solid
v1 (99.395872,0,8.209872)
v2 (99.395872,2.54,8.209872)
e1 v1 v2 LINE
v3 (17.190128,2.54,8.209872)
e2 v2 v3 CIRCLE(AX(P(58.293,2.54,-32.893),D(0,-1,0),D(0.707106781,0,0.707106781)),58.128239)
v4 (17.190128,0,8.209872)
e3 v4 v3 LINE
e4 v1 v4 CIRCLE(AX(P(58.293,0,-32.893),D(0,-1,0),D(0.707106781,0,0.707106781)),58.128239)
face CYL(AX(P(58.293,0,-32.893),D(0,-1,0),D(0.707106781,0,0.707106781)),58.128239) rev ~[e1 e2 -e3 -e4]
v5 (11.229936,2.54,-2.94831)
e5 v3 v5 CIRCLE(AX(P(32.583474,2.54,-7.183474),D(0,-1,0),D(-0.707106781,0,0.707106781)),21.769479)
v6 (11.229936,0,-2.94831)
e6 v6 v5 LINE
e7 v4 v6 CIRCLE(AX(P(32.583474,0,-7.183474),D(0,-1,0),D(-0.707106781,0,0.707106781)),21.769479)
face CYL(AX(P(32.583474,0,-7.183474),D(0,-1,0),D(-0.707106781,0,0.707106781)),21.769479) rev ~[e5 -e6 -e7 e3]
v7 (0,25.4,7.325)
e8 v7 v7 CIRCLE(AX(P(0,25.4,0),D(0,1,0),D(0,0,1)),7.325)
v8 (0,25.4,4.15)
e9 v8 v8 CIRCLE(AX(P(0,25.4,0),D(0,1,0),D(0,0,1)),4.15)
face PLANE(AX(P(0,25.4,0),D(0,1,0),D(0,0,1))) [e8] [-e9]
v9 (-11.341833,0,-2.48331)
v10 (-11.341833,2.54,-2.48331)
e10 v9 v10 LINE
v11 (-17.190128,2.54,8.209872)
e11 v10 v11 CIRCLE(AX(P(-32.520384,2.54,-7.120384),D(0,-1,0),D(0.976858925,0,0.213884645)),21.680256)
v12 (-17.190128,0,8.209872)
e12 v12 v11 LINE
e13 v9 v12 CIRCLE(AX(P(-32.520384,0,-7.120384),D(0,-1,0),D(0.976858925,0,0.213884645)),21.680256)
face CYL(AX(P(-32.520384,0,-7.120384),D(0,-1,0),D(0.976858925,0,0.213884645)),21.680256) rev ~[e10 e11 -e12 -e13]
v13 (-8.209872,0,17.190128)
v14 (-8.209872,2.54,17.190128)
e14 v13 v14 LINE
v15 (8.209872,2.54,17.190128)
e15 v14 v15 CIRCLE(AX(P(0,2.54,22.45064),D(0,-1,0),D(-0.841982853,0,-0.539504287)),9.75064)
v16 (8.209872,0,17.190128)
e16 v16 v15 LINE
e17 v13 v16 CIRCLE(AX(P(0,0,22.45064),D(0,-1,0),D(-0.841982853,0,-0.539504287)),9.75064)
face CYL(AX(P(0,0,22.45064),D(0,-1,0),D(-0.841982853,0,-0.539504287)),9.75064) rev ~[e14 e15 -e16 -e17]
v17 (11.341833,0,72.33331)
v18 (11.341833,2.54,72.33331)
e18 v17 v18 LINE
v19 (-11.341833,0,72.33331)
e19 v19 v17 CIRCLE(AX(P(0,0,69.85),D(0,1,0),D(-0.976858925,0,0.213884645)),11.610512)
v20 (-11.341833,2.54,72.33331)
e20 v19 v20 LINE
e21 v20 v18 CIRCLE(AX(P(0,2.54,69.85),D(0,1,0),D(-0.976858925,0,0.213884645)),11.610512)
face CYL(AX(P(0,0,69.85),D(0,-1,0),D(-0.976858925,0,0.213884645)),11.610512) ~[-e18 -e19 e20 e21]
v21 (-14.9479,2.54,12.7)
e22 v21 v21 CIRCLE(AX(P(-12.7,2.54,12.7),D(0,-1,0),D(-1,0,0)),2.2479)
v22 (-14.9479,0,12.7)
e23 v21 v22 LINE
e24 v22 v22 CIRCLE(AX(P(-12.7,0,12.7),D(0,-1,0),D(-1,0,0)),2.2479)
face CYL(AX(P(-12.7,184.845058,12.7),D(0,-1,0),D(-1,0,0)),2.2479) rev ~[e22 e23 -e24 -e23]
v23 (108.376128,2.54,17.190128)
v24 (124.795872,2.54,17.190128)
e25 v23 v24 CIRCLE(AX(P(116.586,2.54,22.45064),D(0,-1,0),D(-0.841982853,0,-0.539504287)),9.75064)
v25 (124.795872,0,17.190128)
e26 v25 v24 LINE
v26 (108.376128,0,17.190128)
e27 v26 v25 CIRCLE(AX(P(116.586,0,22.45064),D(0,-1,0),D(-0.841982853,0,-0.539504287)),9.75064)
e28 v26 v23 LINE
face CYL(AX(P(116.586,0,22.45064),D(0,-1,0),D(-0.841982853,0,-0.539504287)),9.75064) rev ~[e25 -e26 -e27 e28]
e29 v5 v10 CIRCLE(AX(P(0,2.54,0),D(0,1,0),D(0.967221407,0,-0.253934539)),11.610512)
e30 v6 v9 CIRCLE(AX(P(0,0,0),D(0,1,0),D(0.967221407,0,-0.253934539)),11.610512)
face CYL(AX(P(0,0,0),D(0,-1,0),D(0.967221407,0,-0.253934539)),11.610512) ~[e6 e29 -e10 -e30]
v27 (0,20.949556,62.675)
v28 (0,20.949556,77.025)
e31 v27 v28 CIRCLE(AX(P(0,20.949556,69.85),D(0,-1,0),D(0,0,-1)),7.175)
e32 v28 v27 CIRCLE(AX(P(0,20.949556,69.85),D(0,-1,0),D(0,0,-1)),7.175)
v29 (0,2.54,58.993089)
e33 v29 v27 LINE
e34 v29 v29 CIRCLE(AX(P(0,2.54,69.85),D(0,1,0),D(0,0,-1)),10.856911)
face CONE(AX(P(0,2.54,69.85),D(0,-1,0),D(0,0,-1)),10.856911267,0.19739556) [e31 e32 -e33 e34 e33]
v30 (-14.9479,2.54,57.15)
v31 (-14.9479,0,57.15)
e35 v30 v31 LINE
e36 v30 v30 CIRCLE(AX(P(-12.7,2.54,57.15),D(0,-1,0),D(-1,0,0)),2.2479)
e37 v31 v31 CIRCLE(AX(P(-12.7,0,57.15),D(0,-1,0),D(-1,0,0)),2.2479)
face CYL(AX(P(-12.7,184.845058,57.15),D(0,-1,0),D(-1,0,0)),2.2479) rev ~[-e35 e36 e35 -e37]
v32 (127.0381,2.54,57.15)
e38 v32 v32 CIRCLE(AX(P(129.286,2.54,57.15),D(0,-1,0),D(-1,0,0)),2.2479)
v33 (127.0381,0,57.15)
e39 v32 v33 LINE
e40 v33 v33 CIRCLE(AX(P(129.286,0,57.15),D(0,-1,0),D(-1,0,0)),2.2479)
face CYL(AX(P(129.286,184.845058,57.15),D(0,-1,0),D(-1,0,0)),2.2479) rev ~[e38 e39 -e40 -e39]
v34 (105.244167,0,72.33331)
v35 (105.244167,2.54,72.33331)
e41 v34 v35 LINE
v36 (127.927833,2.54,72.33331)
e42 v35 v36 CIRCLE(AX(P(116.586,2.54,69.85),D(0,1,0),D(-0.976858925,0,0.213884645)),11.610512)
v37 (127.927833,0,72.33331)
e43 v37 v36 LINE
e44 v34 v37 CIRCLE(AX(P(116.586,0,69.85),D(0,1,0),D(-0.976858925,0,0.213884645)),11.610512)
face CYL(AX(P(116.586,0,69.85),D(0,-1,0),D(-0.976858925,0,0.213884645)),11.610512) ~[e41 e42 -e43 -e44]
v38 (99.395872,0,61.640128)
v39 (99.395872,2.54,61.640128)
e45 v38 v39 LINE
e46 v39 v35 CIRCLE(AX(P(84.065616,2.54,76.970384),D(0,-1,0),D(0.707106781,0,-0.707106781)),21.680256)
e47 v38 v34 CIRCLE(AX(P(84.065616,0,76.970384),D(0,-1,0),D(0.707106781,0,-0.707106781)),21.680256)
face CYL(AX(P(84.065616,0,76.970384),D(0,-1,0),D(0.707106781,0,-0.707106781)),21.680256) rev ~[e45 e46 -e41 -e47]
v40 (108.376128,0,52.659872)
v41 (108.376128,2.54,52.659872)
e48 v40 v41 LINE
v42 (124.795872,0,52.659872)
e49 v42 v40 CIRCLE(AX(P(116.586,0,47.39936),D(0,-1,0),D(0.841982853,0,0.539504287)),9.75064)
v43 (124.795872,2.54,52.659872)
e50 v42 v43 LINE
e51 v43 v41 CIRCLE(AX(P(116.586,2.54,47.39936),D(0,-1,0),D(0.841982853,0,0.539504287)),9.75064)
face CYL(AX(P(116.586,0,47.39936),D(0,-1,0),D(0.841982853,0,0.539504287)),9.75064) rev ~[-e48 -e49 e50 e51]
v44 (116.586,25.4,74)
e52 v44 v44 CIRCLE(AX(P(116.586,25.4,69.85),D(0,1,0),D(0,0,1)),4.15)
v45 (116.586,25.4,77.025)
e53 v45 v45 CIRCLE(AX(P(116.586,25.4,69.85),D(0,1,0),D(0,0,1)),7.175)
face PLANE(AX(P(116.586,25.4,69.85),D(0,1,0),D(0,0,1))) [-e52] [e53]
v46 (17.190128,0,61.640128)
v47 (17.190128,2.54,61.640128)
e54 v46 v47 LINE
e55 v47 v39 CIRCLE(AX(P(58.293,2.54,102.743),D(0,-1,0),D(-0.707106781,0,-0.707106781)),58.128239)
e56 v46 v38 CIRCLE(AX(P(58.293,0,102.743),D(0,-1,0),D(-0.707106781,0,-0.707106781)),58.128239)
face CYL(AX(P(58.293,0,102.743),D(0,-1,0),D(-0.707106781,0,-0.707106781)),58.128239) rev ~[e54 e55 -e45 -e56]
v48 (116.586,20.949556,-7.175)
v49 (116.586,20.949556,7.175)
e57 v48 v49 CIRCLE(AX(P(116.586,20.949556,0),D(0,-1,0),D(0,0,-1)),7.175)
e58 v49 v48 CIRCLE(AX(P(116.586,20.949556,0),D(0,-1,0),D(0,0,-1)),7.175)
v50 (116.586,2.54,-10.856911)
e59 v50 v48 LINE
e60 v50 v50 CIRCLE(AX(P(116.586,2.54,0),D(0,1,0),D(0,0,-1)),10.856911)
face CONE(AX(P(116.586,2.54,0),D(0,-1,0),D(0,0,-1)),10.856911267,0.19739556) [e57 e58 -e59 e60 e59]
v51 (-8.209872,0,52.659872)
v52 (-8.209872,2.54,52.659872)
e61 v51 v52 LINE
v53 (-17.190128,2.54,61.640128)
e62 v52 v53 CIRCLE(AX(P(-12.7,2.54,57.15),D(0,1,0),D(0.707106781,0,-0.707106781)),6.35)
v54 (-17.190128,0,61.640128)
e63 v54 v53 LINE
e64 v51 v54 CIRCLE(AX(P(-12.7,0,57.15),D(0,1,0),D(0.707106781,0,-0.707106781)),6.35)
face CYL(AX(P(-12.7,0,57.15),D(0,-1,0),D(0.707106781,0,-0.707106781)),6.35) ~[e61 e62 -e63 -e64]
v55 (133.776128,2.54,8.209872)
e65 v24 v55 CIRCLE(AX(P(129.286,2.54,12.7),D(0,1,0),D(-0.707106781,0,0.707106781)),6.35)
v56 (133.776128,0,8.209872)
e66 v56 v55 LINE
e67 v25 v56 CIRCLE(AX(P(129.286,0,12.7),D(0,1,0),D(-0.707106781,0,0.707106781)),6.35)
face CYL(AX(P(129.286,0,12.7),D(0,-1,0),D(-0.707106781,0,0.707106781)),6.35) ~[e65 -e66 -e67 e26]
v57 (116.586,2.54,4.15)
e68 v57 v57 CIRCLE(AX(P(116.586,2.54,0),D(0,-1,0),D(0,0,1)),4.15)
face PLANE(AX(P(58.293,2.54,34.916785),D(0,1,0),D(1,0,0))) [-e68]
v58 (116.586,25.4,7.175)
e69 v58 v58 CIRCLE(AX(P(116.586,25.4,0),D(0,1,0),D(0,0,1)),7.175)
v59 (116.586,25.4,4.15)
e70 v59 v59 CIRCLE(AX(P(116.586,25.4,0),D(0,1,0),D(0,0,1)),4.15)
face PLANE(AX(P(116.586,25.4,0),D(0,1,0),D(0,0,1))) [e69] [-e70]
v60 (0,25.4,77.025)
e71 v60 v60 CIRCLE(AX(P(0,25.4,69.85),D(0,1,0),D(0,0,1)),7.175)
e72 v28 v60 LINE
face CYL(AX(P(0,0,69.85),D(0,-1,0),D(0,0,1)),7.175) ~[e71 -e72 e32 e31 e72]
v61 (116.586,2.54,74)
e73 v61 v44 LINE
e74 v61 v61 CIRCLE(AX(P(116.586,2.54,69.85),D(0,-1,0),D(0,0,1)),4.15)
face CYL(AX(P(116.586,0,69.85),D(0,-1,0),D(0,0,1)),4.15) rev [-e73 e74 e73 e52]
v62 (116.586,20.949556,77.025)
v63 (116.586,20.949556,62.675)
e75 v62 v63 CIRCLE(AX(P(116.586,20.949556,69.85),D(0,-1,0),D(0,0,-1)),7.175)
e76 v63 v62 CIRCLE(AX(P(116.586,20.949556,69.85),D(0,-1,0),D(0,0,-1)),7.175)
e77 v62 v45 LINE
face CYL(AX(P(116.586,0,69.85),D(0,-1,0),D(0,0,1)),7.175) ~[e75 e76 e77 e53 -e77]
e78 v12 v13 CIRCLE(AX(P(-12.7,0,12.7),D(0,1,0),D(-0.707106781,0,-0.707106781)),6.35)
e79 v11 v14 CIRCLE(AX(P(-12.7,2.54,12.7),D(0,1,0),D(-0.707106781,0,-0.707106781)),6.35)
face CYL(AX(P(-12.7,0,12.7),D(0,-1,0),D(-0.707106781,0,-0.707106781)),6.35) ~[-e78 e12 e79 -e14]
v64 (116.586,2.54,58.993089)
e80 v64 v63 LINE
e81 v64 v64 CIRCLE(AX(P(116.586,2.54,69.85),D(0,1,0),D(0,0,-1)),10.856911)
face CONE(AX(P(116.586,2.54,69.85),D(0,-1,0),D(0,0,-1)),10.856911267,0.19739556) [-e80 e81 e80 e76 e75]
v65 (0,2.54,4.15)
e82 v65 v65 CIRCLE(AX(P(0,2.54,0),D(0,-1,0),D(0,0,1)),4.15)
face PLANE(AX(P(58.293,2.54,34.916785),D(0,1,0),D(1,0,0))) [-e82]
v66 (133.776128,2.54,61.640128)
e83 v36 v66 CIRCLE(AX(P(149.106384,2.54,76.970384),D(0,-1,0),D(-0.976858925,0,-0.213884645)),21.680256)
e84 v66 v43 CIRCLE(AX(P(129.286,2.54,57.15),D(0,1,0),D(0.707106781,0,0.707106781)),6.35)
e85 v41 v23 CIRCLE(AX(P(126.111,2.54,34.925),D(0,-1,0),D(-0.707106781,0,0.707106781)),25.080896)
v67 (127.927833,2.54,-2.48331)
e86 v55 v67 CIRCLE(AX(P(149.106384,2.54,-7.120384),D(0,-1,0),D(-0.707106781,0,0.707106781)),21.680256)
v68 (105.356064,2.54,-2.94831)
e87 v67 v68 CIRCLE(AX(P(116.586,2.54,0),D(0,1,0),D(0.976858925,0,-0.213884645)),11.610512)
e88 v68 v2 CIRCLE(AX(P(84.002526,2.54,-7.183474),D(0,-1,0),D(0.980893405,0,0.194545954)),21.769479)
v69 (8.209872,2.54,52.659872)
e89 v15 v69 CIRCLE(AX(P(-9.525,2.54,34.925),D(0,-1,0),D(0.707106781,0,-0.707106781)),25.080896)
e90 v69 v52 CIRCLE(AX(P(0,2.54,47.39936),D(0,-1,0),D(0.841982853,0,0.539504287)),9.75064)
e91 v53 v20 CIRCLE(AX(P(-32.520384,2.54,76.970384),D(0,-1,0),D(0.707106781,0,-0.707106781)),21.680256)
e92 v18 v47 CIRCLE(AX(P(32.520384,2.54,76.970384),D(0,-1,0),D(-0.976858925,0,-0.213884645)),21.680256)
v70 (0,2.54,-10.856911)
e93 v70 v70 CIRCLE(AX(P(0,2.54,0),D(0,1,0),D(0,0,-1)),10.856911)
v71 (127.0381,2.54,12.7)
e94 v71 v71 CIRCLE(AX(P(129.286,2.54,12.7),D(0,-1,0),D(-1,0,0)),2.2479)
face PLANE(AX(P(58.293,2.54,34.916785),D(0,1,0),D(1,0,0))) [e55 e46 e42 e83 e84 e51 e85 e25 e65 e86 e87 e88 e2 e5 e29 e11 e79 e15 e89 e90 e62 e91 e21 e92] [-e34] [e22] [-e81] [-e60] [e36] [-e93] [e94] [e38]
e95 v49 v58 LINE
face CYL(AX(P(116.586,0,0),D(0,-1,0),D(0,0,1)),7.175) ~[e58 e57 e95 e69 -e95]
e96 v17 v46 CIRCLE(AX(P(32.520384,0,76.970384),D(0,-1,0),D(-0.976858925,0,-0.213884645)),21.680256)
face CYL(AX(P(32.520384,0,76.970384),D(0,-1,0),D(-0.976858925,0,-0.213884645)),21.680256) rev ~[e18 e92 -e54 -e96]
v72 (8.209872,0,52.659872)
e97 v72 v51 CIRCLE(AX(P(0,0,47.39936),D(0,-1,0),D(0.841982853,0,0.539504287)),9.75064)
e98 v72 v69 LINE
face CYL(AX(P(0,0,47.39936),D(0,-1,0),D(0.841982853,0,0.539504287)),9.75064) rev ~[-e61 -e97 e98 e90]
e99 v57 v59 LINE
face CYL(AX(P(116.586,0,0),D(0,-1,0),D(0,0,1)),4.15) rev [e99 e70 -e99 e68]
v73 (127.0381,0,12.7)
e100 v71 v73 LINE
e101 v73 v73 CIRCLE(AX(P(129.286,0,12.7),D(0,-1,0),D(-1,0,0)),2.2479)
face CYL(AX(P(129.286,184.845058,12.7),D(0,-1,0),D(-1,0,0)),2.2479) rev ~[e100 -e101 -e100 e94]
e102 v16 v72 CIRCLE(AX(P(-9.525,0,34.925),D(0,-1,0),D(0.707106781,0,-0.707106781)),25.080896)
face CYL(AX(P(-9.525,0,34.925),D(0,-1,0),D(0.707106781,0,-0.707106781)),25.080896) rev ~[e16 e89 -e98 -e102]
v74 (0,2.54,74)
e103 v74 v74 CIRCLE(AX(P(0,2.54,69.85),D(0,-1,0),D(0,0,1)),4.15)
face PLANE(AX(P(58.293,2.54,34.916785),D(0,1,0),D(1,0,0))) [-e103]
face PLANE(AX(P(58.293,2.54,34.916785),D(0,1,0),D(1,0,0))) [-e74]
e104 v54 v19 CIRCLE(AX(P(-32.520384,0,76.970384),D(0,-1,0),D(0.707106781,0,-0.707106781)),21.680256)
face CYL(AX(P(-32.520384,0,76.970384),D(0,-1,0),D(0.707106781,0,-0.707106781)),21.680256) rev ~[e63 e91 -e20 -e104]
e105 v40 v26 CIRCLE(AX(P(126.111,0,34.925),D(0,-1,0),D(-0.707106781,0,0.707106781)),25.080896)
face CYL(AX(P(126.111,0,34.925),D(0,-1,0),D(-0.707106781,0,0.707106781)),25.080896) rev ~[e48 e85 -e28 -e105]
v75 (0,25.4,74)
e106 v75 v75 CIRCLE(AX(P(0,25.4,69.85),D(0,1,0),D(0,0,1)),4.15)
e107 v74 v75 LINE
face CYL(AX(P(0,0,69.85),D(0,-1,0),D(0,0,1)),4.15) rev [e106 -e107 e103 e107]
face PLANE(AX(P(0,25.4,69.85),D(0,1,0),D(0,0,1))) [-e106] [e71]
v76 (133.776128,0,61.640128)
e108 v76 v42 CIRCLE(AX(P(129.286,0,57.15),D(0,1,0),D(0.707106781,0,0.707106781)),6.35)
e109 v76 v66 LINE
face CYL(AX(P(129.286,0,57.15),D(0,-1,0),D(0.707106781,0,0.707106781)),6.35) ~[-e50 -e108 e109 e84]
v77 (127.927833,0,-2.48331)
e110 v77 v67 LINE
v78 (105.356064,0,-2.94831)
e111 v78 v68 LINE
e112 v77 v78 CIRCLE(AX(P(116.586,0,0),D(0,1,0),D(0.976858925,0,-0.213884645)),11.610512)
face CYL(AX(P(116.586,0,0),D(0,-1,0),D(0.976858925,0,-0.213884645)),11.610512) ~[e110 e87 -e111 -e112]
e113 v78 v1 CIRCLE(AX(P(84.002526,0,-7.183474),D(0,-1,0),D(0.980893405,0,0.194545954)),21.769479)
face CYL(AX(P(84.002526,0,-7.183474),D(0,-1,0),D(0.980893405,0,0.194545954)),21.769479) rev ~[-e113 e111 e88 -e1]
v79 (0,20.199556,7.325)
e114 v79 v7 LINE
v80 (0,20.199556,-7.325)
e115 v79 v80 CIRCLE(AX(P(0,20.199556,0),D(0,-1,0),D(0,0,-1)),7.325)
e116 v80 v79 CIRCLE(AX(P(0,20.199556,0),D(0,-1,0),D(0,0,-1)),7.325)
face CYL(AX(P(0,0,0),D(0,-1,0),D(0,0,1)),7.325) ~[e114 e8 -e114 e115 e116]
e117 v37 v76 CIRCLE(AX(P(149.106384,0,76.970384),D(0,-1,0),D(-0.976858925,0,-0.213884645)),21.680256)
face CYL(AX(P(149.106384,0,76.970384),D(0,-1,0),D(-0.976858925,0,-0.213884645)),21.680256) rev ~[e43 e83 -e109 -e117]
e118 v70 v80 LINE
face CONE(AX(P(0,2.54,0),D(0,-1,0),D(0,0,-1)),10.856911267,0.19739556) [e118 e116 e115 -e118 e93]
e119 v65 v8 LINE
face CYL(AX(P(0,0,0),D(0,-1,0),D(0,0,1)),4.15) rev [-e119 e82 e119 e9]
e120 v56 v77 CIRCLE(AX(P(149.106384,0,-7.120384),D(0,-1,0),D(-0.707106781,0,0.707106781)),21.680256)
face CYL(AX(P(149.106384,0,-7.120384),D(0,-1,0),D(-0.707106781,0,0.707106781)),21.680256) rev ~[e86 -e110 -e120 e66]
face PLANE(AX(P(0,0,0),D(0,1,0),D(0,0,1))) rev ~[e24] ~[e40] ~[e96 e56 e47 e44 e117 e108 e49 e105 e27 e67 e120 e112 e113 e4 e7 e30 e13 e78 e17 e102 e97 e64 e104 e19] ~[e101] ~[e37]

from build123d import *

# Parameters (mm, degrees)
BOSS_EXTRUDE1_DEPTH   = 2.54
SKETCH1_4_R           = 7.325
SKETCH1_4_R_2         = 4.15
SKETCH1_4_R_3         = 7.175
BOSS_EXTRUDE2_DEPTH   = 25.4
F_8_CLEARANCE_HOLE2_D = 4.4958
LPATTERN1_COUNT       = 2
LPATTERN1_PITCH       = 116.586
LPATTERN1_COUNT_DIR2  = 2
LPATTERN1_PITCH_DIR2  = 69.85


with BuildPart() as part:
    # Sketch1 → Boss-Extrude1 (new body)
    with BuildSketch(Plane(origin=(0, 0, 0), x_dir=(1, 0, 0), z_dir=(0, 1, 0))):
        with BuildLine():
            ThreePointArc((8.209871939, -17.190128061), (15.555896424, -34.925), (8.209871939, -52.659871939))
            ThreePointArc((8.209871939, -52.659871939), (0, -57.15), (-8.209871939, -52.659871939))
            ThreePointArc((-8.209871939, -52.659871939), (-17.190128061, -52.659871939), (-17.190128061, -61.640128061))
            ThreePointArc((-17.190128061, -61.640128061), (-13.499098781, -66.567297756), (-11.341832503, -72.333310292))
            ThreePointArc((-11.341832503, -72.333310292), (0, -81.460512242), (11.341832503, -72.333310292))
            ThreePointArc((11.341832503, -72.333310292), (13.499098781, -66.567297756), (17.190128061, -61.640128061))
            ThreePointArc((17.190128061, -61.640128061), (58.293, -44.614761051), (99.395871939, -61.640128061))
            ThreePointArc((99.395871939, -61.640128061), (103.086901219, -66.567297756), (105.244167497, -72.333310292))
            ThreePointArc((105.244167497, -72.333310292), (116.586, -81.460512242), (127.927832503, -72.333310292))
            ThreePointArc((127.927832503, -72.333310292), (130.085098781, -66.567297756), (133.776128061, -61.640128061))
            ThreePointArc((133.776128061, -61.640128061), (133.776128061, -52.659871939), (124.795871939, -52.659871939))
            ThreePointArc((124.795871939, -52.659871939), (116.586, -57.15), (108.376128061, -52.659871939))
            ThreePointArc((108.376128061, -52.659871939), (101.030103576, -34.925), (108.376128061, -17.190128061))
            ThreePointArc((108.376128061, -17.190128061), (116.586, -12.7), (124.795871939, -17.190128061))
            ThreePointArc((124.795871939, -17.190128061), (133.776128061, -17.190128061), (133.776128061, -8.209871939))
            ThreePointArc((133.776128061, -8.209871939), (130.085098781, -3.282702244), (127.927832503, 2.483310292))
            ThreePointArc((127.927832503, 2.483310292), (116.825136798, 11.608049281), (105.356064016, 2.948310079))
            ThreePointArc((105.356064016, 2.948310079), (103.204339104, -3.073259016), (99.395871939, -8.209871939))
            ThreePointArc((99.395871939, -8.209871939), (58.293, -25.235238949), (17.190128061, -8.209871939))
            ThreePointArc((17.190128061, -8.209871939), (13.381660896, -3.073259016), (11.229935984, 2.948310079))
            ThreePointArc((11.229935984, 2.948310079), (-0.239136798, 11.608049281), (-11.341832503, 2.483310292))
            ThreePointArc((-11.341832503, 2.483310292), (-13.499098781, -3.282702244), (-17.190128061, -8.209871939))
            ThreePointArc((-17.190128061, -8.209871939), (-17.190128061, -17.190128061), (-8.209871939, -17.190128061))
            ThreePointArc((-8.209871939, -17.190128061), (0, -12.7), (8.209871939, -17.190128061))
        make_face()
    extrude(amount=BOSS_EXTRUDE1_DEPTH)

    # Sketch1<4> → Boss-Extrude2 (add)
    # profile 1 of 4: a face of its own
    with BuildSketch(Plane(origin=(0, 0, 0), x_dir=(1, 0, 0), z_dir=(0, 1, 0))):
        Circle(SKETCH1_4_R)
        Circle(SKETCH1_4_R_2, mode=Mode.SUBTRACT)
    # profile 2 of 4: a face of its own
    with BuildSketch(Plane(origin=(0, 0, 0), x_dir=(1, 0, 0), z_dir=(0, 1, 0))):
        with Locations((116.586, 0)):
            Circle(SKETCH1_4_R_3)
        with Locations((116.586, 0)):
            Circle(SKETCH1_4_R_2, mode=Mode.SUBTRACT)
    # profile 3 of 4: a face of its own
    with BuildSketch(Plane(origin=(0, 0, 0), x_dir=(1, 0, 0), z_dir=(0, 1, 0))):
        with Locations((0, -69.85)):
            Circle(SKETCH1_4_R_3)
        with Locations((0, -69.85)):
            Circle(SKETCH1_4_R_2, mode=Mode.SUBTRACT)
    # profile 4 of 4: a face of its own
    with BuildSketch(Plane(origin=(0, 0, 0), x_dir=(1, 0, 0), z_dir=(0, 1, 0))):
        with Locations((116.586, -69.85)):
            Circle(SKETCH1_4_R_3)
        with Locations((116.586, -69.85)):
            Circle(SKETCH1_4_R_2, mode=Mode.SUBTRACT)
    extrude(amount=BOSS_EXTRUDE2_DEPTH)

    # #8 Clearance Hole2 (through all)
    with Locations(Plane(origin=(0, 2.54, 0), x_dir=(1, 0, 0), z_dir=(0, 1, 0))):
        with Locations((129.286, -12.7), (129.286, -57.15), (-12.7, -57.15), (-12.7, -12.7)):
            Hole(F_8_CLEARANCE_HOLE2_D / 2)

    # Sketch8 → Revolve1 (revolve)
    with BuildSketch(Plane(origin=(0, 0, 0), x_dir=(0, 0, -1), z_dir=(1, 0, 0))):
        Polygon((10.856911267, 2.54), (7.046911267, 21.59), (7.046911267, 2.54), align=None)
    revolve1 = revolve(axis=Axis((0, 0, 0), (0, 1, 0)))

    # LPattern1: Revolve1 2 × 2
    with Locations(*[(i * LPATTERN1_PITCH, 0, j * LPATTERN1_PITCH_DIR2) for i in range(LPATTERN1_COUNT) for j in range(LPATTERN1_COUNT_DIR2) if (i, j) != (0, 0)]):
        add(revolve1)


solid = part.part
